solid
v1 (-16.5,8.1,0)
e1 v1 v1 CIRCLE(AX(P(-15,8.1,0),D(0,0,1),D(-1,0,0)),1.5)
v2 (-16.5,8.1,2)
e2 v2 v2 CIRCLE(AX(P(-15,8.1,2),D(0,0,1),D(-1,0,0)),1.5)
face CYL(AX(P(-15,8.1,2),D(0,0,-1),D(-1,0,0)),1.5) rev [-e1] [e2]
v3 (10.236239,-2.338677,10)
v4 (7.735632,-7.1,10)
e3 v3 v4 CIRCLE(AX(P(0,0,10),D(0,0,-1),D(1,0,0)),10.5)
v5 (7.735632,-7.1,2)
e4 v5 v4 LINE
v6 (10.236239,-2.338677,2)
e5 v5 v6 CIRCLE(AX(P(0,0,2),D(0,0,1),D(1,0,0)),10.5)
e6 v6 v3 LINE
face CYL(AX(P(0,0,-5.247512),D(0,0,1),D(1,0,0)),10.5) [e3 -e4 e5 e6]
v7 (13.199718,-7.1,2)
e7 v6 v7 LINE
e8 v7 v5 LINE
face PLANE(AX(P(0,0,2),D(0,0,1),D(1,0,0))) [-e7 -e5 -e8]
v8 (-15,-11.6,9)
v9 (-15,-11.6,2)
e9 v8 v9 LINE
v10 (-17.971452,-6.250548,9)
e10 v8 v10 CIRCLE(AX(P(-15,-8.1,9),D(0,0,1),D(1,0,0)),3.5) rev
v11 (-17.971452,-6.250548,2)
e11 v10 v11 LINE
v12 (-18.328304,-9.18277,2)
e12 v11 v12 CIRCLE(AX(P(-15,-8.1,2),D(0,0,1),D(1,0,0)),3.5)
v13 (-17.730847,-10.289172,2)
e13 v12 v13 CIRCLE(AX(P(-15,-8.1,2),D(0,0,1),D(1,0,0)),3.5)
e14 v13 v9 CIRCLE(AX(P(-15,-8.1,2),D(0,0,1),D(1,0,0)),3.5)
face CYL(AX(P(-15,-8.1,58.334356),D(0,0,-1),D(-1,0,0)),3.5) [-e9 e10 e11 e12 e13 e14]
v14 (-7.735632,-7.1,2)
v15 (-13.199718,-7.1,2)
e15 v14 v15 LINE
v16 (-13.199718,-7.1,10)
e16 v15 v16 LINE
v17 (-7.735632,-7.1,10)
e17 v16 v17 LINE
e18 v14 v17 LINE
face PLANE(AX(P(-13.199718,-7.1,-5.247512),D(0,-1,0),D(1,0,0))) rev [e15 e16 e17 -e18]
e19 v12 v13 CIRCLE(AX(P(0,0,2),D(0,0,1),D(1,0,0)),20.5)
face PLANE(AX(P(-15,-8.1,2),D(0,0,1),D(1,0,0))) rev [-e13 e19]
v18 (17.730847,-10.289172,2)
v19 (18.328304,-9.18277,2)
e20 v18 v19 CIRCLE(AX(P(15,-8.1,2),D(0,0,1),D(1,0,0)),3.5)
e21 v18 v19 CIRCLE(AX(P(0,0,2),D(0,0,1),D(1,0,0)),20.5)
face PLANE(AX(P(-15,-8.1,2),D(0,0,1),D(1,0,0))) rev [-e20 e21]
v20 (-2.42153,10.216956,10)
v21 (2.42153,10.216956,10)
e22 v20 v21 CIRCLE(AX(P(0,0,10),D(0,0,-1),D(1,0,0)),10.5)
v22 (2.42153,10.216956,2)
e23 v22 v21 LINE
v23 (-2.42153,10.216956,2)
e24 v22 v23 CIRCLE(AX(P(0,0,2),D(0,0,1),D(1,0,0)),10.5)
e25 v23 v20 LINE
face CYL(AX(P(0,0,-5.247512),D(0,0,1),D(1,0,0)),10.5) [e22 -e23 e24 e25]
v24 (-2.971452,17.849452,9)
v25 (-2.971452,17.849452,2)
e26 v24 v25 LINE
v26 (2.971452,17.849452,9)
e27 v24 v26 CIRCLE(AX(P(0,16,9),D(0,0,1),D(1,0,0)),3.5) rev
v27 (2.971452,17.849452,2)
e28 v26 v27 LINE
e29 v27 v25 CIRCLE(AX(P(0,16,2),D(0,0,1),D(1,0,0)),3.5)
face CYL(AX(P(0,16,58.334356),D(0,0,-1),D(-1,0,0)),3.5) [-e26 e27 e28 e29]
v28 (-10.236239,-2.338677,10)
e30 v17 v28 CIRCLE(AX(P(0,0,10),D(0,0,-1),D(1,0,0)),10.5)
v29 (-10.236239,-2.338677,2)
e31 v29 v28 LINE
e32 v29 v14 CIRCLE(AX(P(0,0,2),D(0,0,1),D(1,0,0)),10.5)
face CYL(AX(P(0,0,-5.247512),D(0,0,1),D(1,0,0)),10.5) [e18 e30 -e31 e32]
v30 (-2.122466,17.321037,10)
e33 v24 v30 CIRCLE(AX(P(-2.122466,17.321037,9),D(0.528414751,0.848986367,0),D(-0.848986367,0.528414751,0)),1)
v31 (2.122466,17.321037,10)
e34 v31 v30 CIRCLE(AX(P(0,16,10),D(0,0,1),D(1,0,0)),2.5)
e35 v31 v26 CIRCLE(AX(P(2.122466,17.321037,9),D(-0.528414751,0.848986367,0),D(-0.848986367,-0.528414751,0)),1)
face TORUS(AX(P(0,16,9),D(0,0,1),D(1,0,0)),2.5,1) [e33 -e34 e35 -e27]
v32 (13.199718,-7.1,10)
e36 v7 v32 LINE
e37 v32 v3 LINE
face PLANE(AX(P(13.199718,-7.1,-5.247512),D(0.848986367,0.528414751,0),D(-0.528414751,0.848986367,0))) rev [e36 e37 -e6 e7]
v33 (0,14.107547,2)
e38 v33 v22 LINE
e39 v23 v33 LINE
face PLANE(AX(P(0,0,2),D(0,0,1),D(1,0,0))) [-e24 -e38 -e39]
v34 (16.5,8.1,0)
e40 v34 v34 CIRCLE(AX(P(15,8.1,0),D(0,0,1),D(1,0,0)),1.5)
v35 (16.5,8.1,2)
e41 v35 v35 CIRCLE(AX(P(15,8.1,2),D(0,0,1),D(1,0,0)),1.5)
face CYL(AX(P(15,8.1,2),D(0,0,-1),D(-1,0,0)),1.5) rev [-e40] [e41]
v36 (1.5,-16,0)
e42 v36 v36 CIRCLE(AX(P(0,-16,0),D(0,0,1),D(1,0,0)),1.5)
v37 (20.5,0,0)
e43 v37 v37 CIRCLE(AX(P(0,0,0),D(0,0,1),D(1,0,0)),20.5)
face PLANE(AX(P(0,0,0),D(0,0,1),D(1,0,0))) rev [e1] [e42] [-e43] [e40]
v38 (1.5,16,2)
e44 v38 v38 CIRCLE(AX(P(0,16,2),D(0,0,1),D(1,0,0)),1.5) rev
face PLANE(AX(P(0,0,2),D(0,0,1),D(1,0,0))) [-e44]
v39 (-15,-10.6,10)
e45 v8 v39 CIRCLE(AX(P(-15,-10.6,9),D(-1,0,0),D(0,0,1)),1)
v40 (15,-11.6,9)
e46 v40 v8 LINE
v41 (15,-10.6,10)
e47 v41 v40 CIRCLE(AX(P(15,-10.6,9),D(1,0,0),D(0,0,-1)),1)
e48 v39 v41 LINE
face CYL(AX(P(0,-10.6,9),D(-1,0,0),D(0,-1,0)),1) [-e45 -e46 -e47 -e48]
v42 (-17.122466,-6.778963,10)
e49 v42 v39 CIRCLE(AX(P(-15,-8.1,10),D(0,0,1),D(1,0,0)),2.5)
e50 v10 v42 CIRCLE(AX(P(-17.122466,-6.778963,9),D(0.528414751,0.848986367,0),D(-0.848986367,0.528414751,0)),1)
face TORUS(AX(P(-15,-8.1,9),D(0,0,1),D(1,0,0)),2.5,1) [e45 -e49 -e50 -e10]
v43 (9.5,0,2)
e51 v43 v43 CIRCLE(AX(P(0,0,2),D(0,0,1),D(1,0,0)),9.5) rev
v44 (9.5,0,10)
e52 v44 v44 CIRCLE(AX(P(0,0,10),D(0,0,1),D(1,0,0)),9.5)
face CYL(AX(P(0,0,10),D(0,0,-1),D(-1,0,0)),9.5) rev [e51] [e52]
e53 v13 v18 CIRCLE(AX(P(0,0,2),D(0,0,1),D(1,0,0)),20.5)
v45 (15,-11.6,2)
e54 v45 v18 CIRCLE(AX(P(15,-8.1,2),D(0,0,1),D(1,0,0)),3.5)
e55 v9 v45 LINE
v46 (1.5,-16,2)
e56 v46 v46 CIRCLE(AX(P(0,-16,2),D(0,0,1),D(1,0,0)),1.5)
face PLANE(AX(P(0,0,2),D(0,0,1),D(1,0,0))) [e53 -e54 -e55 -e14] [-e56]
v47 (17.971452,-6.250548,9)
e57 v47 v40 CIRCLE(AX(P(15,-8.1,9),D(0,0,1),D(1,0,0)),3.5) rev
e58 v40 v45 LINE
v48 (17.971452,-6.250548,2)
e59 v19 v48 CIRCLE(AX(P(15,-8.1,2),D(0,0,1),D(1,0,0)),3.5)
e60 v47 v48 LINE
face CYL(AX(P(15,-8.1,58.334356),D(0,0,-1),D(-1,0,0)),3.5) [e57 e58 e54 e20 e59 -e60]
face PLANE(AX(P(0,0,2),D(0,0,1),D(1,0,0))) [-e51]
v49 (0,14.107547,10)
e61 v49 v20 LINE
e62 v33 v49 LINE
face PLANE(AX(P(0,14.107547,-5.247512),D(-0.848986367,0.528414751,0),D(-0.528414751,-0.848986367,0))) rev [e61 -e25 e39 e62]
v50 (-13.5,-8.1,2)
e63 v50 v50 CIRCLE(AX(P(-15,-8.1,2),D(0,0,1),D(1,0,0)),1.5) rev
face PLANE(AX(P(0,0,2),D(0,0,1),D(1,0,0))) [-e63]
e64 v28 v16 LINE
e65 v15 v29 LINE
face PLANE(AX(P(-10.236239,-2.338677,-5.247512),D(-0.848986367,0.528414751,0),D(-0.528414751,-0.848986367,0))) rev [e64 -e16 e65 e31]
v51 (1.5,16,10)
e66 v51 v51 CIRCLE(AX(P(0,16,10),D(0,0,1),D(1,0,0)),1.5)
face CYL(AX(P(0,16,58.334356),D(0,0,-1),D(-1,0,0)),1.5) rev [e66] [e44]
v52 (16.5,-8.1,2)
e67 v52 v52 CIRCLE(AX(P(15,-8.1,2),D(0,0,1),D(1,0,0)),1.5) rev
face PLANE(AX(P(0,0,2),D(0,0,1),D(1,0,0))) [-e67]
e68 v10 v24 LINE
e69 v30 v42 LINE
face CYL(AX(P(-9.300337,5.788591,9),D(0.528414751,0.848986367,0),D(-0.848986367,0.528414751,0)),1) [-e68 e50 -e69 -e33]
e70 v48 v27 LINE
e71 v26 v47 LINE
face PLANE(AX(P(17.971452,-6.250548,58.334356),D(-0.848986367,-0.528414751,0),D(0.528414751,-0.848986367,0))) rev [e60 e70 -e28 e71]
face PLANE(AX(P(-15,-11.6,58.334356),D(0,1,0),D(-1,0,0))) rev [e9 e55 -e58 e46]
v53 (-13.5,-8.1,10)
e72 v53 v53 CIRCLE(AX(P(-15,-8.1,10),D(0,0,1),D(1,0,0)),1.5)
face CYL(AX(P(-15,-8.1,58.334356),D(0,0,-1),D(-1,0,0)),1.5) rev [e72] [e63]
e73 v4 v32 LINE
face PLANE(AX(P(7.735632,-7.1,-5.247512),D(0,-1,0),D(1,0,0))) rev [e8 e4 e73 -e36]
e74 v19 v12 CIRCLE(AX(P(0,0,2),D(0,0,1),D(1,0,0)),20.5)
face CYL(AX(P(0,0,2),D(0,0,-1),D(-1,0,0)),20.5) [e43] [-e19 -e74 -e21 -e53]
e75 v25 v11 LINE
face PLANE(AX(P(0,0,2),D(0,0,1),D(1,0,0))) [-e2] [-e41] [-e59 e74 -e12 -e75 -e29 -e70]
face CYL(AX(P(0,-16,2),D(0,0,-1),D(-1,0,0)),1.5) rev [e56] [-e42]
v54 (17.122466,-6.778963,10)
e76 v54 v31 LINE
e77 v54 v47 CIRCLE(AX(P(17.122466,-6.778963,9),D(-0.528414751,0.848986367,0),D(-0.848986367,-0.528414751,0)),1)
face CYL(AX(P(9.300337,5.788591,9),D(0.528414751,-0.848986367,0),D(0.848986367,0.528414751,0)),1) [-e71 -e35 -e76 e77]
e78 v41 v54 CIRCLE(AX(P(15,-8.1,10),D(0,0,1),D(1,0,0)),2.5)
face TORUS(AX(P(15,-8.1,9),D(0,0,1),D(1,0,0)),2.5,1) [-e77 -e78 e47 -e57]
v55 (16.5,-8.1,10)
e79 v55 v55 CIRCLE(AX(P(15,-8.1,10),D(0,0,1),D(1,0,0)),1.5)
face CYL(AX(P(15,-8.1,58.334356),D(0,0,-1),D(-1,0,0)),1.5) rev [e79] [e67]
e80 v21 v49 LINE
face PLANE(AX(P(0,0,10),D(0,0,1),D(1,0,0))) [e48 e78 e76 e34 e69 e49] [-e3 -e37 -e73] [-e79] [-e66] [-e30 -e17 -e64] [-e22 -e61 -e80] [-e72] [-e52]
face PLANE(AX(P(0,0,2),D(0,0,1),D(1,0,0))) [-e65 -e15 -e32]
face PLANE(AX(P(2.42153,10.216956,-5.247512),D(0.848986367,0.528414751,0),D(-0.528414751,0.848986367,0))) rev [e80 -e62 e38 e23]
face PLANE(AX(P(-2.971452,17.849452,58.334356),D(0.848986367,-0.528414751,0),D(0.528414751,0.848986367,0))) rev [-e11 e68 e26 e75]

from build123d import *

# Parameters (mm, degrees)
CROQUIS1_R              = 20.5
CROQUIS1_R_2            = 1.5
SALIENTE_EXTRUIR1_DEPTH = 2
CROQUIS2_R              = 11.5
CROQUIS2_R_2            = 9.5
SALIENTE_EXTRUIR2_DEPTH = 8
CROQUIS3_R              = 1.5
CROQUIS3_R_2            = 9.5
SALIENTE_EXTRUIR4_DEPTH = 8
REDONDEO1_R             = 1
CORTAR_EXTRUIR1_DEPTH   = 8


with BuildPart() as part:
    # Croquis1 → Saliente-Extruir1 (new body)
    with BuildSketch(Plane.XY):
        Circle(CROQUIS1_R)
        with Locations((15, 8.1)):
            Circle(CROQUIS1_R_2, mode=Mode.SUBTRACT)
        with Locations((0, -16)):
            Circle(CROQUIS1_R_2, mode=Mode.SUBTRACT)
        with Locations(Location((-15, 8.1, 0), (0, 0, 180))):
            Circle(CROQUIS1_R_2, mode=Mode.SUBTRACT)
    extrude(amount=SALIENTE_EXTRUIR1_DEPTH)

    # Croquis2 → Saliente-Extruir2 (add)
    with BuildSketch(Plane.XY.offset(2)):
        Circle(CROQUIS2_R)
        Circle(CROQUIS2_R_2, mode=Mode.SUBTRACT)
    extrude(amount=SALIENTE_EXTRUIR2_DEPTH)

    # Croquis3 → Saliente-Extruir4 (add)
    with BuildSketch(Plane.XY.offset(2)):
        with BuildLine():
            Line((-15, -11.6), (15, -11.6))
            ThreePointArc((15, -11.6), (18.059663437, -9.799546895), (17.971452283, -6.250548371))
            Line((17.971452283, -6.250548371), (2.971452283, 17.849451629))
            ThreePointArc((2.971452283, 17.849451629), (0, 19.5), (-2.971452283, 17.849451629))
            Line((-2.971452283, 17.849451629), (-17.971452283, -6.250548371))
            ThreePointArc((-17.971452283, -6.250548371), (-18.059663437, -9.799546895), (-15, -11.6))
        make_face()
        with Locations((15, -8.1)):
            Circle(CROQUIS3_R, mode=Mode.SUBTRACT)
        with Locations((-15, -8.1)):
            Circle(CROQUIS3_R, mode=Mode.SUBTRACT)
        with Locations((0, 16)):
            Circle(CROQUIS3_R, mode=Mode.SUBTRACT)
        Circle(CROQUIS3_R_2, mode=Mode.SUBTRACT)
    extrude(amount=SALIENTE_EXTRUIR4_DEPTH)

    # Redondeo1
    redondeo1_edges = [part.edges().sort_by_distance(p)[0] for p in [
        (-10.471452283, 5.799451629, 10),
        (-18.059663437, -9.799546895, 10),
        (0, -11.6, 10),
        (18.059663437, -9.799546895, 10),
        (10.471452283, 5.799451629, 10),
        (0, 19.5, 10),
    ]]
    fillet(redondeo1_edges, radius=REDONDEO1_R)

    # Croquis4 → Cortar-Extruir1 (cut)
    with BuildSketch(Plane.XY.offset(10)):
        with BuildLine():
            Line((-10.236239063, -2.338676942), (-13.199718145, -7.1))
            Line((-13.199718145, -7.1), (-7.735631842, -7.1))
            ThreePointArc((-7.735631842, -7.1), (-9.295944561, -4.882152673), (-10.236239063, -2.338676942))
        make_face()
        with BuildLine():
            Line((2.421529631, 10.216956212), (0, 14.107547153))
            Line((0, 14.107547153), (-2.421529631, 10.216956212))
            ThreePointArc((-2.421529631, 10.216956212), (0, 10.5), (2.421529631, 10.216956212))
        make_face()
        with BuildLine():
            Line((7.735631842, -7.1), (13.199718145, -7.1))
            Line((13.199718145, -7.1), (10.236239063, -2.338676942))
            ThreePointArc((10.236239063, -2.338676942), (9.295944561, -4.882152673), (7.735631842, -7.1))
        make_face()
    extrude(amount=-CORTAR_EXTRUIR1_DEPTH, mode=Mode.SUBTRACT)


solid = part.part
